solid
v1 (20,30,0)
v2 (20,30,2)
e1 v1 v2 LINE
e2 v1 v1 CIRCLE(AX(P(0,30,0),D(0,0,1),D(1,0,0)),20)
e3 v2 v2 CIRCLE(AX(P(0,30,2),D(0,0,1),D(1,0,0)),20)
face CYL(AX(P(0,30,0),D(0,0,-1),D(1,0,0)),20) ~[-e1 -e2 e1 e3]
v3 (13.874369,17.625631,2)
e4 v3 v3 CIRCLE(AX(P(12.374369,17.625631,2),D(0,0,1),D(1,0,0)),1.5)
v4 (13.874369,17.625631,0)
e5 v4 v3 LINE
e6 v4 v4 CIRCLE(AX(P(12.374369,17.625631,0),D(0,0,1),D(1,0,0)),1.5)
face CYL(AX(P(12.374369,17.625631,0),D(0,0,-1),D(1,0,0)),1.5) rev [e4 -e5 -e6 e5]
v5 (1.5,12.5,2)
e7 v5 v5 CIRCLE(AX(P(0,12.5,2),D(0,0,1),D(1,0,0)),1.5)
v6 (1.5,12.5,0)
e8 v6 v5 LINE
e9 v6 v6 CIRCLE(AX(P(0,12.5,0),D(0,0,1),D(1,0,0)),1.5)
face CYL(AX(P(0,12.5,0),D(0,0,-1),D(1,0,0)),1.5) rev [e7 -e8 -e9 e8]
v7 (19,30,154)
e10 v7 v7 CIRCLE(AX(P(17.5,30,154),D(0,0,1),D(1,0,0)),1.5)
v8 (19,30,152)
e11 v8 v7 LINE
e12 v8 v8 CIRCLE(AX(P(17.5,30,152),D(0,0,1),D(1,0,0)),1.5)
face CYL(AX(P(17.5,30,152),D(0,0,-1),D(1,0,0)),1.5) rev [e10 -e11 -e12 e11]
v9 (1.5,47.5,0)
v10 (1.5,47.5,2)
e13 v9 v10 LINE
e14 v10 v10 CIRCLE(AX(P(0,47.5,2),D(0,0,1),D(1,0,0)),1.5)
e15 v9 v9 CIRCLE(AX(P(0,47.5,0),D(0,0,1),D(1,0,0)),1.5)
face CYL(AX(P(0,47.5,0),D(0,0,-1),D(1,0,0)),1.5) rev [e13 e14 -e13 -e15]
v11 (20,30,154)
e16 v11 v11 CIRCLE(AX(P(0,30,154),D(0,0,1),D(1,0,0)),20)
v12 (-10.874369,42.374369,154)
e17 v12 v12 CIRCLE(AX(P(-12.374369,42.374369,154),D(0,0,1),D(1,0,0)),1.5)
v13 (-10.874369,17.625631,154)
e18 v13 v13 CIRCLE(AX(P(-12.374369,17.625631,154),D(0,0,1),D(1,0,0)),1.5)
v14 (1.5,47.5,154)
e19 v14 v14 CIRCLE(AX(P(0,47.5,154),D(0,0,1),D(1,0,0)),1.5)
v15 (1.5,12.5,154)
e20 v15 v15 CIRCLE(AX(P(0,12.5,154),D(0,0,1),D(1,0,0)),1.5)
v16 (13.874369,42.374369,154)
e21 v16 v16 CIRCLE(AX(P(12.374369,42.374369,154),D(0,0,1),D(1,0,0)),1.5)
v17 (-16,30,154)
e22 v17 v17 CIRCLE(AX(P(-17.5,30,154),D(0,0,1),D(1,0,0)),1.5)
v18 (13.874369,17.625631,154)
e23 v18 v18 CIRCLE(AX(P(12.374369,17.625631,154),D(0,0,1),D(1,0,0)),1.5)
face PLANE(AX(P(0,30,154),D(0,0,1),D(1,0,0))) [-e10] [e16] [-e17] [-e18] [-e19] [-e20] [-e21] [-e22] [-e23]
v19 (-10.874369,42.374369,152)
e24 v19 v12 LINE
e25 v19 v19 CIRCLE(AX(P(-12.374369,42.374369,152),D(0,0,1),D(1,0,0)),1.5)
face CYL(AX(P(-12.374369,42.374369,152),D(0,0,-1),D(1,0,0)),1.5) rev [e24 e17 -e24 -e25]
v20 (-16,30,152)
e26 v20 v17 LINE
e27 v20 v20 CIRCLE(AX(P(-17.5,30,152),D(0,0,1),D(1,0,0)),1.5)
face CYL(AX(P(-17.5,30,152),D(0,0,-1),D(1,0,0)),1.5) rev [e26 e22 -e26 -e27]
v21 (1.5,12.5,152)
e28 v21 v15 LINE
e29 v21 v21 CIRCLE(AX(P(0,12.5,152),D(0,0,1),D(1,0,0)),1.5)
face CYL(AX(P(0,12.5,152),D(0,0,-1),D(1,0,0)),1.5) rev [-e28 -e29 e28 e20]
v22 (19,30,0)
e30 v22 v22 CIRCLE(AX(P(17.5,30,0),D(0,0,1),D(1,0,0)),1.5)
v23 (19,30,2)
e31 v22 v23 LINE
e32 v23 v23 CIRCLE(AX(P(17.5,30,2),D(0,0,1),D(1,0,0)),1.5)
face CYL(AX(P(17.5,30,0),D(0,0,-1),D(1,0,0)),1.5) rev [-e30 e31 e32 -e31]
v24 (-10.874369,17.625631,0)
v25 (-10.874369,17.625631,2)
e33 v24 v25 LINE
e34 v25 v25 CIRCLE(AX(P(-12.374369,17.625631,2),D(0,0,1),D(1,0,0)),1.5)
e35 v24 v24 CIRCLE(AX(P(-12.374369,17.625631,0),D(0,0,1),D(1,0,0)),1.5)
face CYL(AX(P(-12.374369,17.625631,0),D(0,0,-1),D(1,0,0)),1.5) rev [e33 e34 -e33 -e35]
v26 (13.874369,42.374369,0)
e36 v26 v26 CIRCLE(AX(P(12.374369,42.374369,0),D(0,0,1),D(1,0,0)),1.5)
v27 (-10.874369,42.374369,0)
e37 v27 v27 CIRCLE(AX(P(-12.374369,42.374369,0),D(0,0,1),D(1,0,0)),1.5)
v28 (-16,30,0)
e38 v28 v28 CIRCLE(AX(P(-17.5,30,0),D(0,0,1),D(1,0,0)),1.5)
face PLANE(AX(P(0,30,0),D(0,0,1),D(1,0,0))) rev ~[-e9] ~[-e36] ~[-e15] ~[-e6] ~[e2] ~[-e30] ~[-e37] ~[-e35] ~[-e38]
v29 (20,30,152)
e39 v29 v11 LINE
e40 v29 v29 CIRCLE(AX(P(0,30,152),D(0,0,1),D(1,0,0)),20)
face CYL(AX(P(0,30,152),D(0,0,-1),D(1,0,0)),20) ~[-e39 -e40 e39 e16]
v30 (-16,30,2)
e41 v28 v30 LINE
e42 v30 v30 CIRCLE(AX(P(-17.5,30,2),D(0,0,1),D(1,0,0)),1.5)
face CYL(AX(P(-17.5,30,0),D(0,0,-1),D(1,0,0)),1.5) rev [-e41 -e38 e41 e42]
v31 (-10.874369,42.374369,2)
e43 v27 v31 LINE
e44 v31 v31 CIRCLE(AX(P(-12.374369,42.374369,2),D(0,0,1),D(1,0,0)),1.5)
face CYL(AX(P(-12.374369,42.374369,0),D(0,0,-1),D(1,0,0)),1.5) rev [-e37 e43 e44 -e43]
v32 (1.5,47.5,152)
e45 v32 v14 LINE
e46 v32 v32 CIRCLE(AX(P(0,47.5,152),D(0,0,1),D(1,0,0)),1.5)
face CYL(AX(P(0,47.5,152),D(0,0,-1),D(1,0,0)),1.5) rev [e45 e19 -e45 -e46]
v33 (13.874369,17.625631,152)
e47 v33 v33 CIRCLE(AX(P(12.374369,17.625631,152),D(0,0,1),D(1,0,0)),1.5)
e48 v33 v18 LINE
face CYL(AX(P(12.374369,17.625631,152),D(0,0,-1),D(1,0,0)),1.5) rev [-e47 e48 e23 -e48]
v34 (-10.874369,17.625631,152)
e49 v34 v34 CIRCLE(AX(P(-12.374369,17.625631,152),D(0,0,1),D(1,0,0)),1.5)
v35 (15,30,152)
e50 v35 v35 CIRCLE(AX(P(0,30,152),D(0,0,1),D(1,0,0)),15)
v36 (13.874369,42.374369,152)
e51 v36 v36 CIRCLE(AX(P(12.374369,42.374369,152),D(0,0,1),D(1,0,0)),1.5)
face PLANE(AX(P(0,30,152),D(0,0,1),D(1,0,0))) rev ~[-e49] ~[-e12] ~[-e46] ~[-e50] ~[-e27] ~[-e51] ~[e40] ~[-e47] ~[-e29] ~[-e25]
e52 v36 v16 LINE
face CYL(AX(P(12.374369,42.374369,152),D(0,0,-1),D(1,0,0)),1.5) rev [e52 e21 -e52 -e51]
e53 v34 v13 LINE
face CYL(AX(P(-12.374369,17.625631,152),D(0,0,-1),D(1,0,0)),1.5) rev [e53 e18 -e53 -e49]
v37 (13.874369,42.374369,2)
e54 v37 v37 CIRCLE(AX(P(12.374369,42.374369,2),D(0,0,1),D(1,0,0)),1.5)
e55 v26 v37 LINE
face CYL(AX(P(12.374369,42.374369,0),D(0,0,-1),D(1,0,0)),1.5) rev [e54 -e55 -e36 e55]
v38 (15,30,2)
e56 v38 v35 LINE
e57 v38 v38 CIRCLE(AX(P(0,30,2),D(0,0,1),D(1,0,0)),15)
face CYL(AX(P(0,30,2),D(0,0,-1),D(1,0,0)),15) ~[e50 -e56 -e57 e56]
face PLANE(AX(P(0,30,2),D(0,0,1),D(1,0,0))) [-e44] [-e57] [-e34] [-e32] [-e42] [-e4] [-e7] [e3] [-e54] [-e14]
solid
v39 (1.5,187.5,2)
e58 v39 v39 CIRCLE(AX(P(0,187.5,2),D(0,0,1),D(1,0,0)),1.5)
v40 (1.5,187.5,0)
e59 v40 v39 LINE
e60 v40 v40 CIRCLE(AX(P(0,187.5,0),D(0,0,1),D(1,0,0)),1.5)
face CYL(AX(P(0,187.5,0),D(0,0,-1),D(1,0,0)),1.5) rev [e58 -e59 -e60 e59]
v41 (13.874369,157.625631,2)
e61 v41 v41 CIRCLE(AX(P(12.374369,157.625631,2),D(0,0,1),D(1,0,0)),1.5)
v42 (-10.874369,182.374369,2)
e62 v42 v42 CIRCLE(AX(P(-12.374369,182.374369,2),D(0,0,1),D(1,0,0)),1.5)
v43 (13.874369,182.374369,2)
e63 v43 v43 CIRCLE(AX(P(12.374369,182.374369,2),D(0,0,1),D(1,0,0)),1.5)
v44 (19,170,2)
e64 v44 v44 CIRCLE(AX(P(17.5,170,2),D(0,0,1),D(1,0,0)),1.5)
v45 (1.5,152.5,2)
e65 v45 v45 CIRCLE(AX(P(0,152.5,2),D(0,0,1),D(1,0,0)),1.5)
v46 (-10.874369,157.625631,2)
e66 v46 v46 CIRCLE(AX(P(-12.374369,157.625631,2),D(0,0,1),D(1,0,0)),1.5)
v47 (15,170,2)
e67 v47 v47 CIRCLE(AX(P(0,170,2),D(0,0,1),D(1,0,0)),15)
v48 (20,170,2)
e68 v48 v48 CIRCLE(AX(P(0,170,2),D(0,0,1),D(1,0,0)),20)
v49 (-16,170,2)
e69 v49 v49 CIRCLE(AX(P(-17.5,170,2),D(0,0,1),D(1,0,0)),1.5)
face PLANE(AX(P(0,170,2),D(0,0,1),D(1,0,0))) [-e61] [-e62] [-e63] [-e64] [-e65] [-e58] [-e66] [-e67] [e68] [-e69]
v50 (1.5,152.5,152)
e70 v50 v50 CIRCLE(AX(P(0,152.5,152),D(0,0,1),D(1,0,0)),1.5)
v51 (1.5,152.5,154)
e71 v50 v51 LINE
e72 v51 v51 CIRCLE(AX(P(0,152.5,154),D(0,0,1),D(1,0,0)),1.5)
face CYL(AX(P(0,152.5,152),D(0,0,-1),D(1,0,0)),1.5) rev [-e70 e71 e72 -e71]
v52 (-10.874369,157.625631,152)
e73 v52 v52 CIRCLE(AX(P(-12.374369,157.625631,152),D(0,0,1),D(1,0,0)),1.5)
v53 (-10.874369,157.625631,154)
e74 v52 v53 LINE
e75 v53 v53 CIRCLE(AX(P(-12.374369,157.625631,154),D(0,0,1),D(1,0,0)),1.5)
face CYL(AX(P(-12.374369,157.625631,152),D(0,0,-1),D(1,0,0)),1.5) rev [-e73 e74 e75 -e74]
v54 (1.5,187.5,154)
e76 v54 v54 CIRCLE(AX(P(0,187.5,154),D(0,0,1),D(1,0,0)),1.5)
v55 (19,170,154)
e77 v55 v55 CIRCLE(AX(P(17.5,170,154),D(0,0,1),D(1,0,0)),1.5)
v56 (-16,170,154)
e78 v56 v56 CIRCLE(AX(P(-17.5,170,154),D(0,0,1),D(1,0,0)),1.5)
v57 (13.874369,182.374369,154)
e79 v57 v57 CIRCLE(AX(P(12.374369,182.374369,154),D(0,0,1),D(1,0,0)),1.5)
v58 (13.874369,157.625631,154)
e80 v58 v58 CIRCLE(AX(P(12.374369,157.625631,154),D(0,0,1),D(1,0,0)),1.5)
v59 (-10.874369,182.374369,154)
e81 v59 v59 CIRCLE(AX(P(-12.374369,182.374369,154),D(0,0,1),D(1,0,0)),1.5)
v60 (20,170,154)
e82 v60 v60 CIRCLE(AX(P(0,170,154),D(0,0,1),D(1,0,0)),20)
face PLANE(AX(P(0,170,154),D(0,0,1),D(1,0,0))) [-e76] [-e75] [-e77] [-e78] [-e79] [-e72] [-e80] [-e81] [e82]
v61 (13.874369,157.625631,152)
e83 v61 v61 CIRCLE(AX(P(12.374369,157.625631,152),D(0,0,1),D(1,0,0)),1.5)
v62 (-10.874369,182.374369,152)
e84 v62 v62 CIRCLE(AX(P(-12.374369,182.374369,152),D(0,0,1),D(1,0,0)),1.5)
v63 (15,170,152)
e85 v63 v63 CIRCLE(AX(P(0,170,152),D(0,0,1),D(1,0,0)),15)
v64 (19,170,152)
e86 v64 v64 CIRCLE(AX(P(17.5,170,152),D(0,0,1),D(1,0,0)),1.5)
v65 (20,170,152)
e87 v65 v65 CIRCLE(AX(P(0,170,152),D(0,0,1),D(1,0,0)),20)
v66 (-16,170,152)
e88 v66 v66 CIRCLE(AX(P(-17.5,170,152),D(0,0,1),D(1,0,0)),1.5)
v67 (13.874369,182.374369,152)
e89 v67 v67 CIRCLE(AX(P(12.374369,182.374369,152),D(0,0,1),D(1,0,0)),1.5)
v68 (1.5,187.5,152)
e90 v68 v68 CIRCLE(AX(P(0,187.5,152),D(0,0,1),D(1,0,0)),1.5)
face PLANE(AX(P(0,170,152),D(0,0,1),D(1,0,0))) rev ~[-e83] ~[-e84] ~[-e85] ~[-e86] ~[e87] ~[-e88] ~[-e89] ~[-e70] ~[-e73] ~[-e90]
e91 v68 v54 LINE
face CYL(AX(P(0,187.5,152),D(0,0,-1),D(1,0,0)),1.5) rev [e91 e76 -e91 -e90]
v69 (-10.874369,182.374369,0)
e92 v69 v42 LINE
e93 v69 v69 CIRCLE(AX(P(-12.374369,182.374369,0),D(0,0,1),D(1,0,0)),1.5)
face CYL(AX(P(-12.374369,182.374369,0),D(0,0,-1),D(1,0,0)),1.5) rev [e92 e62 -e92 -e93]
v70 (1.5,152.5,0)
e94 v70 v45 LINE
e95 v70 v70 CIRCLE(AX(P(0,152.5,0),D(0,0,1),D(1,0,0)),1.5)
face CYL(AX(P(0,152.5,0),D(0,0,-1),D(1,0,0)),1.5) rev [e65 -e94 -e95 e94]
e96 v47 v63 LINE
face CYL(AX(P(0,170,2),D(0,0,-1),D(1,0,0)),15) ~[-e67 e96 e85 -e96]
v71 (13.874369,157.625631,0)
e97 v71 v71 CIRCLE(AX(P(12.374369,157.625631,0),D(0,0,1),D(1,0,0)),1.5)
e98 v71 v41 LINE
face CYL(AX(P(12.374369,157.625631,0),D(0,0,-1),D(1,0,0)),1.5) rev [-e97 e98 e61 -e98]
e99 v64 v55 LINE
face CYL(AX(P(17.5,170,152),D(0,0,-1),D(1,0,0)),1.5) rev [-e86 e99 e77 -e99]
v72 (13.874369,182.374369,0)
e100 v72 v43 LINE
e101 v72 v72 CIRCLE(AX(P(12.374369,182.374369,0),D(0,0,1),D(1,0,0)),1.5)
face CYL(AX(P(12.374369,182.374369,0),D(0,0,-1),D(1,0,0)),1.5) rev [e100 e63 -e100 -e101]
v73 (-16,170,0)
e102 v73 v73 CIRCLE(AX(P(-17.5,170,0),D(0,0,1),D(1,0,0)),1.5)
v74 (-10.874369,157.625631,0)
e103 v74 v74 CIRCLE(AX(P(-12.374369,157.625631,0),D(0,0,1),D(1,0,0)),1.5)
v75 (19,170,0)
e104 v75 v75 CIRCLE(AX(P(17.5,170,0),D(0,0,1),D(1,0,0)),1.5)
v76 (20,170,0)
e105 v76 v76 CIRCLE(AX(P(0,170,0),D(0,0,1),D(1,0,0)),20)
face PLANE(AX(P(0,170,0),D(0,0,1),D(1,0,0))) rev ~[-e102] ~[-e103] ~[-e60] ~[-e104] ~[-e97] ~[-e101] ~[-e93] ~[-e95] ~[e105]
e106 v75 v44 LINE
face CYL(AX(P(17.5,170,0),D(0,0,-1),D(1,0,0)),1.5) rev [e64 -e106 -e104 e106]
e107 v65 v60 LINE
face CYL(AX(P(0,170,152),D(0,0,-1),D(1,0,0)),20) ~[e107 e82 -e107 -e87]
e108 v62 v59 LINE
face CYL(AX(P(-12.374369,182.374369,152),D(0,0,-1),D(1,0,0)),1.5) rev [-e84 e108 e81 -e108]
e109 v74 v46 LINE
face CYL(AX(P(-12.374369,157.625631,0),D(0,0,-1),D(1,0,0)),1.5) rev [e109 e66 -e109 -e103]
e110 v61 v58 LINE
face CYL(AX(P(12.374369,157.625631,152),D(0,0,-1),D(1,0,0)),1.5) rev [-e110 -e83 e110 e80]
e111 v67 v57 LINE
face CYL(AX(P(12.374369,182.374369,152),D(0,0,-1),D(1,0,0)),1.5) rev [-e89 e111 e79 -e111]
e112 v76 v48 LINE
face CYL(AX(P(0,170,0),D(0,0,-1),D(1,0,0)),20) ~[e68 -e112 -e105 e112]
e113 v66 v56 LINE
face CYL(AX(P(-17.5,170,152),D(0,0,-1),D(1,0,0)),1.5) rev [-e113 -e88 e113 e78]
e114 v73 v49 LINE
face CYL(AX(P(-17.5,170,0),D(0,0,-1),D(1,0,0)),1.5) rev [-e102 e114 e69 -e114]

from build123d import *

# Parameters (mm, degrees)
SKETCH1_R             = 20
SKETCH1_R_2           = 1.5
BOSS_EXTRUDE1_DEPTH   = 2
BOSS_EXTRUDE1_2_DEPTH = 2
SKETCH2_R             = 15
BOSS_EXTRUDE2_DEPTH   = 150
SKETCH4_R             = 20
SKETCH4_R_2           = 1.5
BOSS_EXTRUDE3_DEPTH   = 2


with BuildPart() as part:
    # Sketch1 → Boss-Extrude1 (new body)
    with BuildSketch(Plane.XY):
        with Locations((0, 170)):
            Circle(SKETCH1_R)
        with Locations((0, 187.5)):
            Circle(SKETCH1_R_2, mode=Mode.SUBTRACT)
        with Locations((12.374368671, 182.374368671)):
            Circle(SKETCH1_R_2, mode=Mode.SUBTRACT)
        with Locations((17.5, 170)):
            Circle(SKETCH1_R_2, mode=Mode.SUBTRACT)
        with Locations((12.374368671, 157.625631329)):
            Circle(SKETCH1_R_2, mode=Mode.SUBTRACT)
        with Locations((0, 152.5)):
            Circle(SKETCH1_R_2, mode=Mode.SUBTRACT)
        with Locations((-12.374368671, 157.625631329)):
            Circle(SKETCH1_R_2, mode=Mode.SUBTRACT)
        with Locations((-17.5, 170)):
            Circle(SKETCH1_R_2, mode=Mode.SUBTRACT)
        with Locations((-12.374368671, 182.374368671)):
            Circle(SKETCH1_R_2, mode=Mode.SUBTRACT)
    extrude(amount=BOSS_EXTRUDE1_DEPTH)



with BuildPart() as body_2:
    # Sketch1 → Boss-Extrude1 2 (new body)
    with BuildSketch(Plane.XY):
        with Locations((0, 30)):
            Circle(SKETCH1_R)
        with Locations((0, 47.5)):
            Circle(SKETCH1_R_2, mode=Mode.SUBTRACT)
        with Locations((12.374368671, 42.374368671)):
            Circle(SKETCH1_R_2, mode=Mode.SUBTRACT)
        with Locations((17.5, 30)):
            Circle(SKETCH1_R_2, mode=Mode.SUBTRACT)
        with Locations((12.374368671, 17.625631329)):
            Circle(SKETCH1_R_2, mode=Mode.SUBTRACT)
        with Locations((0, 12.5)):
            Circle(SKETCH1_R_2, mode=Mode.SUBTRACT)
        with Locations((-12.374368671, 17.625631329)):
            Circle(SKETCH1_R_2, mode=Mode.SUBTRACT)
        with Locations((-17.5, 30)):
            Circle(SKETCH1_R_2, mode=Mode.SUBTRACT)
        with Locations((-12.374368671, 42.374368671)):
            Circle(SKETCH1_R_2, mode=Mode.SUBTRACT)
    extrude(amount=BOSS_EXTRUDE1_2_DEPTH)


with BuildPart() as part_1:
    add(part.part)

    add(body_2.part)  # Boss-Extrude2 merges body 2
    # Sketch2 → Boss-Extrude2 (add)
    with BuildSketch(Plane.XY.offset(2)):
        with Locations((0, 170)):
            Circle(SKETCH2_R)
        with Locations((0, 30)):
            Circle(SKETCH2_R)
    extrude(amount=BOSS_EXTRUDE2_DEPTH)

    # Sketch4 → Boss-Extrude3 (add)
    with BuildSketch(Plane.XY.offset(152)):
        with Locations((0, 170)):
            Circle(SKETCH4_R)
        with Locations((0, 187.5)):
            Circle(SKETCH4_R_2, mode=Mode.SUBTRACT)
        with Locations((12.374368671, 182.374368671)):
            Circle(SKETCH4_R_2, mode=Mode.SUBTRACT)
        with Locations((17.5, 170)):
            Circle(SKETCH4_R_2, mode=Mode.SUBTRACT)
        with Locations((12.374368671, 157.625631329)):
            Circle(SKETCH4_R_2, mode=Mode.SUBTRACT)
        with Locations((0, 152.5)):
            Circle(SKETCH4_R_2, mode=Mode.SUBTRACT)
        with Locations((-12.374368671, 157.625631329)):
            Circle(SKETCH4_R_2, mode=Mode.SUBTRACT)
        with Locations((-17.5, 170)):
            Circle(SKETCH4_R_2, mode=Mode.SUBTRACT)
        with Locations((-12.374368671, 182.374368671)):
            Circle(SKETCH4_R_2, mode=Mode.SUBTRACT)
        with Locations((0, 30)):
            Circle(SKETCH4_R)
        with Locations((0, 47.5)):
            Circle(SKETCH4_R_2, mode=Mode.SUBTRACT)
        with Locations((12.374368671, 42.374368671)):
            Circle(SKETCH4_R_2, mode=Mode.SUBTRACT)
        with Locations((17.5, 30)):
            Circle(SKETCH4_R_2, mode=Mode.SUBTRACT)
        with Locations((12.374368671, 17.625631329)):
            Circle(SKETCH4_R_2, mode=Mode.SUBTRACT)
        with Locations((0, 12.5)):
            Circle(SKETCH4_R_2, mode=Mode.SUBTRACT)
        with Locations((-12.374368671, 17.625631329)):
            Circle(SKETCH4_R_2, mode=Mode.SUBTRACT)
        with Locations((-17.5, 30)):
            Circle(SKETCH4_R_2, mode=Mode.SUBTRACT)
        with Locations((-12.374368671, 42.374368671)):
            Circle(SKETCH4_R_2, mode=Mode.SUBTRACT)
    extrude(amount=BOSS_EXTRUDE3_DEPTH)


solid = part_1.part
